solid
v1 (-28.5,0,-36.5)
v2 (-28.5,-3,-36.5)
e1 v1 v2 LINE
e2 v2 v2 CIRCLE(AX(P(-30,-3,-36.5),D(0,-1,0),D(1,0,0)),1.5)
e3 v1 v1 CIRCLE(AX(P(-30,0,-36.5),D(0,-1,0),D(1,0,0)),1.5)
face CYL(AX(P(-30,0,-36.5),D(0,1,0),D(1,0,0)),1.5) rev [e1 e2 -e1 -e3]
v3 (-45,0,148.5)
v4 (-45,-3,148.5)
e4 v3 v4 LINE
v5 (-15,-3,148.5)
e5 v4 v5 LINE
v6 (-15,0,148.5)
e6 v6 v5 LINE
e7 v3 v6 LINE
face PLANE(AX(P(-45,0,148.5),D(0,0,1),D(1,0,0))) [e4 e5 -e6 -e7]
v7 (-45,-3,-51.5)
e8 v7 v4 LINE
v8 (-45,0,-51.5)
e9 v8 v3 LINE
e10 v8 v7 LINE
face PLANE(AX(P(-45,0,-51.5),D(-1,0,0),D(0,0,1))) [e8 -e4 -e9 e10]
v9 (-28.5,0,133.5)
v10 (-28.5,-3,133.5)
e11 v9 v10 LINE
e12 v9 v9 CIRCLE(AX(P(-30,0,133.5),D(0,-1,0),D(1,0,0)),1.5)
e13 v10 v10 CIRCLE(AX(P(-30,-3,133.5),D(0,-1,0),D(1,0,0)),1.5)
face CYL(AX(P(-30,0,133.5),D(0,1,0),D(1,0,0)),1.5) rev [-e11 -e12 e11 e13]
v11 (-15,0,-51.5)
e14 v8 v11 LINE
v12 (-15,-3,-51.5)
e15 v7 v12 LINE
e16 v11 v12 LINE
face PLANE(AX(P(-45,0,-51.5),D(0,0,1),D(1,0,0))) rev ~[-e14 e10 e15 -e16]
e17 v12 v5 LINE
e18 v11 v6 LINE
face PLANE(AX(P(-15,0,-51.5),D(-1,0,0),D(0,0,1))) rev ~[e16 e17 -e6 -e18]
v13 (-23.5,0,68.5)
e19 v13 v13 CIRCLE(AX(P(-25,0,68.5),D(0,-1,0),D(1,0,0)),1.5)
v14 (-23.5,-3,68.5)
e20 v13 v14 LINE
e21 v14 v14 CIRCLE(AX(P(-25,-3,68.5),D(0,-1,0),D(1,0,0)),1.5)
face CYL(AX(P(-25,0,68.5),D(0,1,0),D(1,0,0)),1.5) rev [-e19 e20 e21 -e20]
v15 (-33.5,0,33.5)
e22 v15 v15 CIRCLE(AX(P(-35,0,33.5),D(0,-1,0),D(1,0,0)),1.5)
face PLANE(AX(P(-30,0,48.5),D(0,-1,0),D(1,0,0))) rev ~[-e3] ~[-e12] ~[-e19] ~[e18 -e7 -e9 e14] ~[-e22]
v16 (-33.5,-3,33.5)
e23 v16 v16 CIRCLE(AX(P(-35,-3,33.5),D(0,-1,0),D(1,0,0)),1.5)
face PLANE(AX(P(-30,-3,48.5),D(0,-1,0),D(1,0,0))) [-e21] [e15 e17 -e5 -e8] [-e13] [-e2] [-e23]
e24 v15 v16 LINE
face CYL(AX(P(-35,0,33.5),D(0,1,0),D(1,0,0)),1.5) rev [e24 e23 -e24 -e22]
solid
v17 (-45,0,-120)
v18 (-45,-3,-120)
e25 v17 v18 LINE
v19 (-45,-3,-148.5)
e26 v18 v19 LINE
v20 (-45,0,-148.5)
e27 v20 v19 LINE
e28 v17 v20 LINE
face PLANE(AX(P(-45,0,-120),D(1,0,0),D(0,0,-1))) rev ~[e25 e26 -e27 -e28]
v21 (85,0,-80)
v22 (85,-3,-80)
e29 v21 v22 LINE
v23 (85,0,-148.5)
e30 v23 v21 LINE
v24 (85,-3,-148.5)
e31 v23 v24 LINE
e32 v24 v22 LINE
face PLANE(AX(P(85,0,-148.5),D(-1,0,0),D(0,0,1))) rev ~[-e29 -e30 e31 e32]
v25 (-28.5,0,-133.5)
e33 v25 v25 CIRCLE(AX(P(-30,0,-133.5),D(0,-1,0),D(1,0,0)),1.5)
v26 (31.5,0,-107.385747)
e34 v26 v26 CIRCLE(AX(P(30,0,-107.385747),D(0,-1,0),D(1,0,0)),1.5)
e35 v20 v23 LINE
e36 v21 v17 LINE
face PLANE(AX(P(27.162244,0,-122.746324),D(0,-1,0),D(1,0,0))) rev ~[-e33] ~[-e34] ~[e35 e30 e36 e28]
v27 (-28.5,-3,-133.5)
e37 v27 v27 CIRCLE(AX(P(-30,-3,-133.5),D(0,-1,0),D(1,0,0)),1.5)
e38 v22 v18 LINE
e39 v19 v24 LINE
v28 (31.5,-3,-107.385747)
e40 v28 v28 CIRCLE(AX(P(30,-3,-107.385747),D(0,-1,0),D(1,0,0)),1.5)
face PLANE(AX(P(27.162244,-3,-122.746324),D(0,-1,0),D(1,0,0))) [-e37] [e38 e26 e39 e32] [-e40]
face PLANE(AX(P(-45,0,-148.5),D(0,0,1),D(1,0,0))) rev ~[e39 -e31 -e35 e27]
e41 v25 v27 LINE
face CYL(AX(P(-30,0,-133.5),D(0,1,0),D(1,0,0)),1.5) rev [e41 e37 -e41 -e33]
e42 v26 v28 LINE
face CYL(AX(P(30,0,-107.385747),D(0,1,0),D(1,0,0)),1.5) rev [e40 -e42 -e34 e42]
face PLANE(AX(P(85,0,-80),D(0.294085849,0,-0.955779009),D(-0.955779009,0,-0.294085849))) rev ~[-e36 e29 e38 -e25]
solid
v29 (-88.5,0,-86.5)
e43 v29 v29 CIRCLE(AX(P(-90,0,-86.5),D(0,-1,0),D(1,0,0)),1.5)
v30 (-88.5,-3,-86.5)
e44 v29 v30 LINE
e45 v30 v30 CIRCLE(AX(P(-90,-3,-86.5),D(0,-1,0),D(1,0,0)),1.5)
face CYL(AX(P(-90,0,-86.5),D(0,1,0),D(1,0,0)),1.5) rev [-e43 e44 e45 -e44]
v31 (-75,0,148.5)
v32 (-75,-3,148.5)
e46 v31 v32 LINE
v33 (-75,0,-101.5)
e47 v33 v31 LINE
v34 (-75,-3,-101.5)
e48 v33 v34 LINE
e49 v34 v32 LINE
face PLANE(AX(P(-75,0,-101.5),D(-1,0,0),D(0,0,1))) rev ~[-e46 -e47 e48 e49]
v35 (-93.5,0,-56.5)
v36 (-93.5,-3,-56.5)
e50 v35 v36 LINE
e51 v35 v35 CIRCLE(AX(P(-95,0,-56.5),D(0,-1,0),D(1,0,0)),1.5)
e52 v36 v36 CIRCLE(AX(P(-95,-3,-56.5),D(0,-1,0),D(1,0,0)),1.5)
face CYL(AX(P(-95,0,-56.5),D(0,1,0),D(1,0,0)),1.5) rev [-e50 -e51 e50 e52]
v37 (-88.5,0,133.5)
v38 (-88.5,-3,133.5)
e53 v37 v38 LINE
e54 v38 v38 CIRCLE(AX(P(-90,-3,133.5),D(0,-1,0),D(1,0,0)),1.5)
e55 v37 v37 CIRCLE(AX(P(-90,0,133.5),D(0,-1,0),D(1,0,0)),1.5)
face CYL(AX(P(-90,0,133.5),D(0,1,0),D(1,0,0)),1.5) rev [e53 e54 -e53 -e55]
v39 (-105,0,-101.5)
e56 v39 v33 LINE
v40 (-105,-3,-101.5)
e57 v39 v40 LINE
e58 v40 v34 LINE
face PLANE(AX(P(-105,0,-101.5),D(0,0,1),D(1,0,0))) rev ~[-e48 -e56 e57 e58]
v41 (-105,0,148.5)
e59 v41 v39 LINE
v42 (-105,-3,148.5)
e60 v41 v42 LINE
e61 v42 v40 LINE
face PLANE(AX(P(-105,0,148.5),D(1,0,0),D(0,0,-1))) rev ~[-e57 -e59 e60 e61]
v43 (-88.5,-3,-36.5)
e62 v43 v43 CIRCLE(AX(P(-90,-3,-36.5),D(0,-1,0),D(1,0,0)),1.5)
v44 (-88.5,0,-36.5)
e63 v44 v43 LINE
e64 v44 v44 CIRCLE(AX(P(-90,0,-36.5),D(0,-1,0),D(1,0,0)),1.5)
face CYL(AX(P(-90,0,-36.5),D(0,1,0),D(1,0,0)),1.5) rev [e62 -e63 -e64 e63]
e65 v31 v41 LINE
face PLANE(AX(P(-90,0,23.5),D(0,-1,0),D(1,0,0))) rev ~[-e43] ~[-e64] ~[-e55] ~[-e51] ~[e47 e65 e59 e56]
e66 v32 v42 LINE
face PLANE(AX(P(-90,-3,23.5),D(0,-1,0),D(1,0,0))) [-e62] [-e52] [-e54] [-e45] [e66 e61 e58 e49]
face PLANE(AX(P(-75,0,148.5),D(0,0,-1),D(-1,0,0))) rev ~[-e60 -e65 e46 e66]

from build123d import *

# Parameters (mm, degrees)
F0_R     = 1.5
F0_W     = 30
F0_H     = 200
F1_DEPTH = 3


with BuildPart() as f1:
    # F0 (on Front) → F1 (new body)
    with BuildSketch(Plane.XZ):
        Polygon((-90, -101.5), (-75, -101.5), (-75, 148.5), (-105, 148.5), (-105, -101.5), align=None)
        with Locations((-90, -86.5)):
            Circle(F0_R, mode=Mode.SUBTRACT)
        with Locations((-95, -56.5)):
            Circle(F0_R, mode=Mode.SUBTRACT)
        with Locations((-90, -36.5)):
            Circle(F0_R, mode=Mode.SUBTRACT)
        with Locations((-90, 133.5)):
            Circle(F0_R, mode=Mode.SUBTRACT)
        with Locations((-30, 48.5)):
            Rectangle(F0_W, F0_H)
        with Locations((-30, -36.5)):
            Circle(F0_R, mode=Mode.SUBTRACT)
        with Locations((-35, 33.5)):
            Circle(F0_R, mode=Mode.SUBTRACT)
        with Locations((-25, 68.5)):
            Circle(F0_R, mode=Mode.SUBTRACT)
        with Locations((-30, 133.5)):
            Circle(F0_R, mode=Mode.SUBTRACT)
        Polygon((-45, -148.5), (85, -148.5), (85, -128.5), (85, -108.5), (85, -88.5), (85, -80), (-45, -120), (-45, -125), align=None)
        with Locations((-30, -133.5)):
            Circle(F0_R, mode=Mode.SUBTRACT)
        with Locations((30, -107.385747)):
            Circle(F0_R, mode=Mode.SUBTRACT)
    extrude(amount=F1_DEPTH)


solid = f1.part
